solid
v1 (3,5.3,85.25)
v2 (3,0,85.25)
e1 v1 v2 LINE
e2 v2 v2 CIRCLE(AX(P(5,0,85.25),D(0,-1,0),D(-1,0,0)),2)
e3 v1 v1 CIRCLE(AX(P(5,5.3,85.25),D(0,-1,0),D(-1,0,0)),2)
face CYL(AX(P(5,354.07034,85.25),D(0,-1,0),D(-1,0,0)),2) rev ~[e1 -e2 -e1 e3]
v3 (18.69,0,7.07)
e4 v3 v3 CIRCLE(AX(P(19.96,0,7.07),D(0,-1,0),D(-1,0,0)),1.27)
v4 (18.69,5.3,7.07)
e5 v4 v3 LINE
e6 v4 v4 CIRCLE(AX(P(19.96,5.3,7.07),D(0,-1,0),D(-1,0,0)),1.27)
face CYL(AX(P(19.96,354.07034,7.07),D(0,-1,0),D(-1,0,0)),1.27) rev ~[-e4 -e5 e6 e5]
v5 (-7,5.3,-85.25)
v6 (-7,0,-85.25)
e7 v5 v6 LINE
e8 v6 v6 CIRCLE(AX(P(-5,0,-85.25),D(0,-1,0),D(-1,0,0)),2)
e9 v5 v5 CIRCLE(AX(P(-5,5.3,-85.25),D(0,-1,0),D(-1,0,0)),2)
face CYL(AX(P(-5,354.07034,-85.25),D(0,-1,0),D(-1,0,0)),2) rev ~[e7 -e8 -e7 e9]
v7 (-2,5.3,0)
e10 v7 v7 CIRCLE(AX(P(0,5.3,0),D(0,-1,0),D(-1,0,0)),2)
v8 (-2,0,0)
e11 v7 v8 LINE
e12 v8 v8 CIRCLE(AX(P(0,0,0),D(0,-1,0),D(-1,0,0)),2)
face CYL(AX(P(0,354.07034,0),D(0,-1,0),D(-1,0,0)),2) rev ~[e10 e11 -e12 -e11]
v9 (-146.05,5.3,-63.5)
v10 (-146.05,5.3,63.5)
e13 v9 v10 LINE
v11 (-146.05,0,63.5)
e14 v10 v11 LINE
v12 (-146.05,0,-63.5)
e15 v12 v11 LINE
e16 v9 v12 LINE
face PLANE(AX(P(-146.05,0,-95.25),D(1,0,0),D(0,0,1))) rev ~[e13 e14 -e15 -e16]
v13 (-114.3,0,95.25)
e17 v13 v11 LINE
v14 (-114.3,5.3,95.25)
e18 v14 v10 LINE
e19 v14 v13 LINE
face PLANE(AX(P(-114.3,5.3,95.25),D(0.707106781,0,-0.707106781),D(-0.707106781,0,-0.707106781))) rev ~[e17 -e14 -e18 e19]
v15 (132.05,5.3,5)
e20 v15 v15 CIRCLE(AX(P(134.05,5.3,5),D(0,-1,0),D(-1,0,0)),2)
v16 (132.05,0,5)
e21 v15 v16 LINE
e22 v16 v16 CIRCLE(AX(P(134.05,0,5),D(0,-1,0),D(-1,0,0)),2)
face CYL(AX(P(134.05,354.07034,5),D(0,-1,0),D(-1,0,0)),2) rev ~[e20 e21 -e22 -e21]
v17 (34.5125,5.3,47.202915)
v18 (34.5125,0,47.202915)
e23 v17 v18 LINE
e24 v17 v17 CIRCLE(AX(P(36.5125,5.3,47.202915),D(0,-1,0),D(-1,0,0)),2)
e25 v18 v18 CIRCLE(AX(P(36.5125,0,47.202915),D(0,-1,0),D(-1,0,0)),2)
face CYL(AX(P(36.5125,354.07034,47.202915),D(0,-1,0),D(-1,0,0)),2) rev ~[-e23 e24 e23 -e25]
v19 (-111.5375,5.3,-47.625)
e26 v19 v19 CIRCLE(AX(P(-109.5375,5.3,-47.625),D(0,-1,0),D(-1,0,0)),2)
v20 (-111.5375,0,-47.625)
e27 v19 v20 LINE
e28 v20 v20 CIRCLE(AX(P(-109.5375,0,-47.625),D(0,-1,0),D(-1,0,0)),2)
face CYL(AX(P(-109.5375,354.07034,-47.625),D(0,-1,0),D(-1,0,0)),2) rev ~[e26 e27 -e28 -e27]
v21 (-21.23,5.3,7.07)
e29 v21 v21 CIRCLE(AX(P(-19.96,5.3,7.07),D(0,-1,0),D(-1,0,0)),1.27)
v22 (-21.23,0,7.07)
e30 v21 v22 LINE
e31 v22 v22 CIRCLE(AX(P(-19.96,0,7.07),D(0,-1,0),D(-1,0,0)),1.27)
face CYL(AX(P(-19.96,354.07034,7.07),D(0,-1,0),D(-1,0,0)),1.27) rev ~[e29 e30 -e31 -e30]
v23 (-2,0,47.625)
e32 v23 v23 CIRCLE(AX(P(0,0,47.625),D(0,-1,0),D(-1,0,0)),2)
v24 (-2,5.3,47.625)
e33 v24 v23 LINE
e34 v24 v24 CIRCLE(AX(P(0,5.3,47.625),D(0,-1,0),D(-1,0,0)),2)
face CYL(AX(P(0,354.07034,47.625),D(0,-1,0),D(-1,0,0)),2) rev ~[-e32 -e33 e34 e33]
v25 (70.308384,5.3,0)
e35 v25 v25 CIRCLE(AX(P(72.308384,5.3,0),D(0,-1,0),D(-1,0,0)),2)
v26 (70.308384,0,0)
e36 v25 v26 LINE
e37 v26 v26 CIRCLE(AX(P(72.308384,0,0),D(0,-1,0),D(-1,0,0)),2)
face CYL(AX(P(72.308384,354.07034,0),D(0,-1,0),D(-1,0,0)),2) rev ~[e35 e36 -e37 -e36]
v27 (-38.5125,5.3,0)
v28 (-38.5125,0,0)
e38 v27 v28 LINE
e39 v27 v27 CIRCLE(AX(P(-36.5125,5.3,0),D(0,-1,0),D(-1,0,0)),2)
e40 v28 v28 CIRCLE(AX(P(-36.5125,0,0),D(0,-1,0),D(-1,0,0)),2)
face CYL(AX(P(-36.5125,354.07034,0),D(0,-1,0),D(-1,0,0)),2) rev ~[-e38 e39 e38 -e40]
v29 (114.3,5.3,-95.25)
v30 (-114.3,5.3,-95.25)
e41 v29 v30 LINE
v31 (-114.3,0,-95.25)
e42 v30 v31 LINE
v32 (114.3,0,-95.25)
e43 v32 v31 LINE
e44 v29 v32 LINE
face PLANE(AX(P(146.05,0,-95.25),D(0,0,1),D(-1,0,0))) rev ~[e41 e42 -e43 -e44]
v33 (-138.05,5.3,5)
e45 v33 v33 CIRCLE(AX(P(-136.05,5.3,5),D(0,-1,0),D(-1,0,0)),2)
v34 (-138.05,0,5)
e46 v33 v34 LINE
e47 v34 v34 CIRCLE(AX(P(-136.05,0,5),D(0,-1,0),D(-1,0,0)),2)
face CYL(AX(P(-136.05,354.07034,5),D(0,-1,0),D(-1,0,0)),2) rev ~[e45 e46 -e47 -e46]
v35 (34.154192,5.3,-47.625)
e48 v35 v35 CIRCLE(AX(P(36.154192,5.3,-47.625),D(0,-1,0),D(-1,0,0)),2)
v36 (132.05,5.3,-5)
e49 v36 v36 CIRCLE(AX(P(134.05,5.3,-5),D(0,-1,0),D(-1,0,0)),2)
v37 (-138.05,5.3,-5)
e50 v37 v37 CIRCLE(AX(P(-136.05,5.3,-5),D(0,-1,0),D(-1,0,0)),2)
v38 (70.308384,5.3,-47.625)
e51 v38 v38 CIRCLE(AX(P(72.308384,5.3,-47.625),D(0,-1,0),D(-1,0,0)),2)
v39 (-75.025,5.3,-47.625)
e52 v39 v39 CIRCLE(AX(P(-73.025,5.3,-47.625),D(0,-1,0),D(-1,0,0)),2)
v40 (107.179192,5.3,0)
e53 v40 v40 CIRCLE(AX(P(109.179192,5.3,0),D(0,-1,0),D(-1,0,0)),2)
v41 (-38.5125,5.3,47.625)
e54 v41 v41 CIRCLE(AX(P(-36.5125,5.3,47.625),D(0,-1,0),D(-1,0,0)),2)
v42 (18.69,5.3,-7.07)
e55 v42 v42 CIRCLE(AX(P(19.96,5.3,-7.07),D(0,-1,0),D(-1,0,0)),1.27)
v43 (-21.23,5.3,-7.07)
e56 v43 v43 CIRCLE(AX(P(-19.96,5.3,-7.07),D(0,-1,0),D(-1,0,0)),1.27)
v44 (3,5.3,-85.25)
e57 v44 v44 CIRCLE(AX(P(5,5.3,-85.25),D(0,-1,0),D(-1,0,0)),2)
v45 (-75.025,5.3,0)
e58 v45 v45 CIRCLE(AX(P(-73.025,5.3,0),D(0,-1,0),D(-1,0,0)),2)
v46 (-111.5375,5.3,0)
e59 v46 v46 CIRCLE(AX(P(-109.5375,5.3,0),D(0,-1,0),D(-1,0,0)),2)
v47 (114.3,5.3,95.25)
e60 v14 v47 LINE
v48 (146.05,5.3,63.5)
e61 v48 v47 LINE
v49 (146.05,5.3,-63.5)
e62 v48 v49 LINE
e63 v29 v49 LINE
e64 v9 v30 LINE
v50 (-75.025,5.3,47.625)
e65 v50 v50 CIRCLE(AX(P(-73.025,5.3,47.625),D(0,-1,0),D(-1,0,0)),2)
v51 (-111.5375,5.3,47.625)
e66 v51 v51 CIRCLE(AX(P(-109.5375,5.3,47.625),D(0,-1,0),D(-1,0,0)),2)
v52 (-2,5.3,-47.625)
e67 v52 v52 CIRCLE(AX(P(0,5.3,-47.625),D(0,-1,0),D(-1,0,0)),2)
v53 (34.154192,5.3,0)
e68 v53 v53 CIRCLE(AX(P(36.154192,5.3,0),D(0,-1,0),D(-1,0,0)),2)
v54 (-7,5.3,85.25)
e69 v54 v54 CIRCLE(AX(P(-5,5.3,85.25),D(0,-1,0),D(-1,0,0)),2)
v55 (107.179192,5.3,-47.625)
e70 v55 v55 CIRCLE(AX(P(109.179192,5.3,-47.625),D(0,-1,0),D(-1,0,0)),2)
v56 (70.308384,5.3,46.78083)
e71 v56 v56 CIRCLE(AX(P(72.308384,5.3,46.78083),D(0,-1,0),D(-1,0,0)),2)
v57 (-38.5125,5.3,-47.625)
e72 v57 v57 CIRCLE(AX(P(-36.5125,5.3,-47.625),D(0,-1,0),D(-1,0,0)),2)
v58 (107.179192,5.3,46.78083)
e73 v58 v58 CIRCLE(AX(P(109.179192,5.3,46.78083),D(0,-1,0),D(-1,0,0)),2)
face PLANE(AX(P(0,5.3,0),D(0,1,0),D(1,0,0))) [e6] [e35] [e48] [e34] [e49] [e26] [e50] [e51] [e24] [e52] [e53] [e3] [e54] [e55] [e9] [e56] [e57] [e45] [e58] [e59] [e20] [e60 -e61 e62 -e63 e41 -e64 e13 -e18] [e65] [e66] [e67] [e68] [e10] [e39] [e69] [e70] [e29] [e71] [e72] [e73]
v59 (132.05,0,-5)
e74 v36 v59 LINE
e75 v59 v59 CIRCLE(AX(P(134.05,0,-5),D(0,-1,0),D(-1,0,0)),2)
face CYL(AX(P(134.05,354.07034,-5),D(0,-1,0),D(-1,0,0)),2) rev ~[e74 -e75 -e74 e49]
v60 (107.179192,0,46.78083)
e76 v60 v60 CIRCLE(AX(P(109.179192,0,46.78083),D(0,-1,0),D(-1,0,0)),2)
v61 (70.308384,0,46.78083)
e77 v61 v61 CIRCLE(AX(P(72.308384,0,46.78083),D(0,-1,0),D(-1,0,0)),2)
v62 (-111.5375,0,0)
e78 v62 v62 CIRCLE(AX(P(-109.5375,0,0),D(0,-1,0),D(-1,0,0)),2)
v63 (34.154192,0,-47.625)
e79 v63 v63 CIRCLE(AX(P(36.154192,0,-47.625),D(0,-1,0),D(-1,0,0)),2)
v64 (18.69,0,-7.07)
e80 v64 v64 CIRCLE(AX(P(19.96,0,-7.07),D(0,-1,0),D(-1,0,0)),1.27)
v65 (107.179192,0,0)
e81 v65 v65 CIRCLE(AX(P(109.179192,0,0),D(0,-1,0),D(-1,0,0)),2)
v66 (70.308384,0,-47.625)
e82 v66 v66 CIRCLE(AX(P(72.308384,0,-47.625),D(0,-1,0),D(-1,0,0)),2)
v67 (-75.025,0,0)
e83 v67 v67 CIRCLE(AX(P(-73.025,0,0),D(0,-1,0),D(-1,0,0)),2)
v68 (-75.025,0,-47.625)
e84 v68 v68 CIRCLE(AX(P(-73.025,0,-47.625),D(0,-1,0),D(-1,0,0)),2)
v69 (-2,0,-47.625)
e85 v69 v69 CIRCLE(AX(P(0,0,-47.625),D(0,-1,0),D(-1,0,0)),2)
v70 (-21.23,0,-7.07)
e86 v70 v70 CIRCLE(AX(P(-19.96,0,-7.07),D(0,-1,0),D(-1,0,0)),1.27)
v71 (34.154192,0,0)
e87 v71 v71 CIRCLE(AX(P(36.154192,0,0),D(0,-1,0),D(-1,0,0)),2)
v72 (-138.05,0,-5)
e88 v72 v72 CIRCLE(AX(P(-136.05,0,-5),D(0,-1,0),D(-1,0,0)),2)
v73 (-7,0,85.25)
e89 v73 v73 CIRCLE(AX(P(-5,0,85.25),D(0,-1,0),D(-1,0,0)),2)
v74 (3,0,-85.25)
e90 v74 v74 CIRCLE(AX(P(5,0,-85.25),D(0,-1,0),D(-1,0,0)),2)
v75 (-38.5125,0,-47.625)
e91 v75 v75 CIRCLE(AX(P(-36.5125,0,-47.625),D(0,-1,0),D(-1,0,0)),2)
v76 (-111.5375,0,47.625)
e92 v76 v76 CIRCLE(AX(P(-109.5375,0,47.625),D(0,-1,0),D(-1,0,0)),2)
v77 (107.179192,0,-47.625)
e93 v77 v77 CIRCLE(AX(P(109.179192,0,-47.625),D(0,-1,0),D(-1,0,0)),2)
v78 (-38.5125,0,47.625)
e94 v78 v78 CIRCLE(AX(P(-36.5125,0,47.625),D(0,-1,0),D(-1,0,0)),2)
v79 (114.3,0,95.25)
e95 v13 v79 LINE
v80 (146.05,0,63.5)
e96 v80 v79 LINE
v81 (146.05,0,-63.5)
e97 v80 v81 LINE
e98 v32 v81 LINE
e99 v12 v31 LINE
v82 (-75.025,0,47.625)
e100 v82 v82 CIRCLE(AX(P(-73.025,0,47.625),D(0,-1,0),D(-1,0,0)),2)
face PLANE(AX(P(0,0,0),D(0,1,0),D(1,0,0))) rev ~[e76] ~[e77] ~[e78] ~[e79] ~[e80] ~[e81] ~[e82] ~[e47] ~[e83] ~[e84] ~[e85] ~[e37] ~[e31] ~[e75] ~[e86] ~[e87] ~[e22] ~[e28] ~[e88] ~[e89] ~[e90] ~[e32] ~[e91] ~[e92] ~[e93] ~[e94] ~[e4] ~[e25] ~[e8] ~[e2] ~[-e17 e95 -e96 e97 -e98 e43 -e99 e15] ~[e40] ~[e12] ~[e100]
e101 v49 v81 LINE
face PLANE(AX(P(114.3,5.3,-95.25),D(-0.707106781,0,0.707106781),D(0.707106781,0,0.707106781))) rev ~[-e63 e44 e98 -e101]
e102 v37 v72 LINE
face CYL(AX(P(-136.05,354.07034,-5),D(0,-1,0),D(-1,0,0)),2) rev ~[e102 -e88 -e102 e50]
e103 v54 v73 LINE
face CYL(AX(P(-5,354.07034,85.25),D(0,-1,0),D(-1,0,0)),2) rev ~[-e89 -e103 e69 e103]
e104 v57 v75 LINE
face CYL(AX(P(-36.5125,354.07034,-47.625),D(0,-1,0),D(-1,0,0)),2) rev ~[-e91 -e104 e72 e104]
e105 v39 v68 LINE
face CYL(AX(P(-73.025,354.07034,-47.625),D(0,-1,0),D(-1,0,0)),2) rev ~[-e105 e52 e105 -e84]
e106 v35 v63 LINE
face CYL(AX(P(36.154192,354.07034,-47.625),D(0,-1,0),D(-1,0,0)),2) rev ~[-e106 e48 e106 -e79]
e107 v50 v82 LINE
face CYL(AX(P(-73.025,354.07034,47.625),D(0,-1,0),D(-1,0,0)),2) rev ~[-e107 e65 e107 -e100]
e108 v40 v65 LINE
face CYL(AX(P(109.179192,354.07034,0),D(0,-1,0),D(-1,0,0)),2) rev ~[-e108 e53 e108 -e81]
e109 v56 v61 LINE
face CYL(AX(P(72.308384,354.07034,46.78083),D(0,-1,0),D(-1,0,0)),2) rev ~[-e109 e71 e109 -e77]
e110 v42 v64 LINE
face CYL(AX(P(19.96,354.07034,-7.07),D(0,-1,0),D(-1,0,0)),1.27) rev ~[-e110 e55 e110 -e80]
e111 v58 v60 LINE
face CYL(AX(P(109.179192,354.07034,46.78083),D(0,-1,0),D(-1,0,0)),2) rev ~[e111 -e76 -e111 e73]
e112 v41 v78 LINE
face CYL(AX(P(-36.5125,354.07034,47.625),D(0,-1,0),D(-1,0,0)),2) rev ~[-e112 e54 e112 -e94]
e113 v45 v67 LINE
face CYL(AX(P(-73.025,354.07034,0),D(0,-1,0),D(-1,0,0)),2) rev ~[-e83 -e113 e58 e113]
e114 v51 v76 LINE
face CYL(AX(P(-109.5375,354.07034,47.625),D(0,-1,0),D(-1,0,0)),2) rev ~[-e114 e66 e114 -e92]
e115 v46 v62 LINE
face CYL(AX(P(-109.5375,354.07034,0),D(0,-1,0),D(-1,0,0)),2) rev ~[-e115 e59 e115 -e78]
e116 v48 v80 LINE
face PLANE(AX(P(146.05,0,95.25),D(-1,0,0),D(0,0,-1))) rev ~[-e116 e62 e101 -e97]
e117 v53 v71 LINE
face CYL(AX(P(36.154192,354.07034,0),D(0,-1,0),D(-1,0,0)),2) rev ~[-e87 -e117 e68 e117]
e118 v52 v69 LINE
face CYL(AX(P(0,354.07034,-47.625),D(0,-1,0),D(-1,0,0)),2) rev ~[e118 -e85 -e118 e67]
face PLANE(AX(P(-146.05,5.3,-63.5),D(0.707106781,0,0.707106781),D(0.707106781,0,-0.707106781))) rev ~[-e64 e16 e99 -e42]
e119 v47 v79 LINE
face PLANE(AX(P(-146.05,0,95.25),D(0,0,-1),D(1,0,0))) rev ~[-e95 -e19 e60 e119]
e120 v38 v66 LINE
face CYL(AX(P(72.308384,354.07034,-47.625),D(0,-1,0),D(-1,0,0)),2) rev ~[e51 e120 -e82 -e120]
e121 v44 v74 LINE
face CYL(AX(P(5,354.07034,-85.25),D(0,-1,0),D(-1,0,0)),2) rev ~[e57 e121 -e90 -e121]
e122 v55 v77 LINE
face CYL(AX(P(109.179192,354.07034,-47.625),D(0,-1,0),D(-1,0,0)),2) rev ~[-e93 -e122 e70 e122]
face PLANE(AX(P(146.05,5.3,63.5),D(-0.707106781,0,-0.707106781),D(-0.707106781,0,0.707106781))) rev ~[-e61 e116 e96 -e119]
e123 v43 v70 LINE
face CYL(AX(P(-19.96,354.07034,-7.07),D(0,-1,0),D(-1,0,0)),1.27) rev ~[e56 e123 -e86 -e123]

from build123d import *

# Parameters (mm, degrees)
MAIN_PLATE_DEPTH                = 5.3
F_4_0MM_CLEARANCE_DOWEL_HOLE1_D = 4
F_4_0MM_CLEARANCE_DOWEL_HOLE2_D = 4
F_3_0MM_PRESS_DOWEL_HOLE1_D     = 2.54
CUT_EXTRUDE1_DEPTH              = 6.3


with BuildPart() as part:
    # Sketch1 → Main Plate (new body)
    with BuildSketch(Plane(origin=(0, 0, 0), x_dir=(1, 0, 0), z_dir=(0, 1, 0))):
        Polygon((-146.05, -95.25), (146.05, -95.25), (146.05, -12.7), (146.05, 12.7), (146.05, 95.25), (-146.05, 95.25), (-146.05, 12.7), (-146.05, -12.7), align=None)
    extrude(amount=MAIN_PLATE_DEPTH)

    # Ø4.0mm Clearance Dowel Hole1 (through all)
    with Locations(Plane(origin=(0, 5.3, 0), x_dir=(1, 0, 0), z_dir=(0, 1, 0))):
        with Locations((109.17919222, -46.780829645), (72.308384441, -46.780829645), (36.5125, -47.202914823), (109.17919222, 0), (72.308384441, 0), (36.15419222, 0), (109.17919222, 47.625), (72.308384441, 47.625), (36.15419222, 47.625), (0, 47.625), (-36.5125, 47.625), (-73.025, 47.625), (-109.5375, 47.625), (-109.5375, 0), (-73.025, 0), (-36.5125, 0), (0, 0), (0, -47.625), (-36.5125, -47.625), (-73.025, -47.625), (-109.5375, -47.625)):
            Hole(F_4_0MM_CLEARANCE_DOWEL_HOLE1_D / 2)

    # Ø4.0mm Clearance Dowel Hole2 (through all)
    with Locations(Plane(origin=(0, 5.3, 0), x_dir=(1, 0, 0), z_dir=(0, 1, 0))):
        with Locations((5, -85.25), (-5, -85.25), (-136.05, -5), (-136.05, 5), (5, 85.25), (-5, 85.25), (134.05, -5), (134.05, 5)):
            Hole(F_4_0MM_CLEARANCE_DOWEL_HOLE2_D / 2)

    # Ø3.0mm Press Dowel Hole1 (through all)
    with Locations(Plane(origin=(0, 5.3, 0), x_dir=(1, 0, 0), z_dir=(0, 1, 0))):
        with Locations((-19.96, 7.07), (-19.96, -7.07), (19.96, 7.07), (19.96, -7.07)):
            Hole(F_3_0MM_PRESS_DOWEL_HOLE1_D / 2)

    # Sketch12 → Cut-Extrude1 (cut, through all)
    with BuildSketch(Plane(origin=(0, 5.3, 0), x_dir=(1, 0, 0), z_dir=(0, 1, 0))):
        Polygon((146.05, -63.5), (114.3, -95.25), (146.05, -95.25), align=None)
        Polygon((-114.3, -95.25), (-146.05, -63.5), (-146.05, -95.25), align=None)
        Polygon((-146.05, 95.25), (-146.05, 63.5), (-114.3, 95.25), align=None)
        Polygon((146.05, 95.25), (114.3, 95.25), (146.05, 63.5), align=None)
    extrude(amount=-CUT_EXTRUDE1_DEPTH, mode=Mode.SUBTRACT)


solid = part.part
